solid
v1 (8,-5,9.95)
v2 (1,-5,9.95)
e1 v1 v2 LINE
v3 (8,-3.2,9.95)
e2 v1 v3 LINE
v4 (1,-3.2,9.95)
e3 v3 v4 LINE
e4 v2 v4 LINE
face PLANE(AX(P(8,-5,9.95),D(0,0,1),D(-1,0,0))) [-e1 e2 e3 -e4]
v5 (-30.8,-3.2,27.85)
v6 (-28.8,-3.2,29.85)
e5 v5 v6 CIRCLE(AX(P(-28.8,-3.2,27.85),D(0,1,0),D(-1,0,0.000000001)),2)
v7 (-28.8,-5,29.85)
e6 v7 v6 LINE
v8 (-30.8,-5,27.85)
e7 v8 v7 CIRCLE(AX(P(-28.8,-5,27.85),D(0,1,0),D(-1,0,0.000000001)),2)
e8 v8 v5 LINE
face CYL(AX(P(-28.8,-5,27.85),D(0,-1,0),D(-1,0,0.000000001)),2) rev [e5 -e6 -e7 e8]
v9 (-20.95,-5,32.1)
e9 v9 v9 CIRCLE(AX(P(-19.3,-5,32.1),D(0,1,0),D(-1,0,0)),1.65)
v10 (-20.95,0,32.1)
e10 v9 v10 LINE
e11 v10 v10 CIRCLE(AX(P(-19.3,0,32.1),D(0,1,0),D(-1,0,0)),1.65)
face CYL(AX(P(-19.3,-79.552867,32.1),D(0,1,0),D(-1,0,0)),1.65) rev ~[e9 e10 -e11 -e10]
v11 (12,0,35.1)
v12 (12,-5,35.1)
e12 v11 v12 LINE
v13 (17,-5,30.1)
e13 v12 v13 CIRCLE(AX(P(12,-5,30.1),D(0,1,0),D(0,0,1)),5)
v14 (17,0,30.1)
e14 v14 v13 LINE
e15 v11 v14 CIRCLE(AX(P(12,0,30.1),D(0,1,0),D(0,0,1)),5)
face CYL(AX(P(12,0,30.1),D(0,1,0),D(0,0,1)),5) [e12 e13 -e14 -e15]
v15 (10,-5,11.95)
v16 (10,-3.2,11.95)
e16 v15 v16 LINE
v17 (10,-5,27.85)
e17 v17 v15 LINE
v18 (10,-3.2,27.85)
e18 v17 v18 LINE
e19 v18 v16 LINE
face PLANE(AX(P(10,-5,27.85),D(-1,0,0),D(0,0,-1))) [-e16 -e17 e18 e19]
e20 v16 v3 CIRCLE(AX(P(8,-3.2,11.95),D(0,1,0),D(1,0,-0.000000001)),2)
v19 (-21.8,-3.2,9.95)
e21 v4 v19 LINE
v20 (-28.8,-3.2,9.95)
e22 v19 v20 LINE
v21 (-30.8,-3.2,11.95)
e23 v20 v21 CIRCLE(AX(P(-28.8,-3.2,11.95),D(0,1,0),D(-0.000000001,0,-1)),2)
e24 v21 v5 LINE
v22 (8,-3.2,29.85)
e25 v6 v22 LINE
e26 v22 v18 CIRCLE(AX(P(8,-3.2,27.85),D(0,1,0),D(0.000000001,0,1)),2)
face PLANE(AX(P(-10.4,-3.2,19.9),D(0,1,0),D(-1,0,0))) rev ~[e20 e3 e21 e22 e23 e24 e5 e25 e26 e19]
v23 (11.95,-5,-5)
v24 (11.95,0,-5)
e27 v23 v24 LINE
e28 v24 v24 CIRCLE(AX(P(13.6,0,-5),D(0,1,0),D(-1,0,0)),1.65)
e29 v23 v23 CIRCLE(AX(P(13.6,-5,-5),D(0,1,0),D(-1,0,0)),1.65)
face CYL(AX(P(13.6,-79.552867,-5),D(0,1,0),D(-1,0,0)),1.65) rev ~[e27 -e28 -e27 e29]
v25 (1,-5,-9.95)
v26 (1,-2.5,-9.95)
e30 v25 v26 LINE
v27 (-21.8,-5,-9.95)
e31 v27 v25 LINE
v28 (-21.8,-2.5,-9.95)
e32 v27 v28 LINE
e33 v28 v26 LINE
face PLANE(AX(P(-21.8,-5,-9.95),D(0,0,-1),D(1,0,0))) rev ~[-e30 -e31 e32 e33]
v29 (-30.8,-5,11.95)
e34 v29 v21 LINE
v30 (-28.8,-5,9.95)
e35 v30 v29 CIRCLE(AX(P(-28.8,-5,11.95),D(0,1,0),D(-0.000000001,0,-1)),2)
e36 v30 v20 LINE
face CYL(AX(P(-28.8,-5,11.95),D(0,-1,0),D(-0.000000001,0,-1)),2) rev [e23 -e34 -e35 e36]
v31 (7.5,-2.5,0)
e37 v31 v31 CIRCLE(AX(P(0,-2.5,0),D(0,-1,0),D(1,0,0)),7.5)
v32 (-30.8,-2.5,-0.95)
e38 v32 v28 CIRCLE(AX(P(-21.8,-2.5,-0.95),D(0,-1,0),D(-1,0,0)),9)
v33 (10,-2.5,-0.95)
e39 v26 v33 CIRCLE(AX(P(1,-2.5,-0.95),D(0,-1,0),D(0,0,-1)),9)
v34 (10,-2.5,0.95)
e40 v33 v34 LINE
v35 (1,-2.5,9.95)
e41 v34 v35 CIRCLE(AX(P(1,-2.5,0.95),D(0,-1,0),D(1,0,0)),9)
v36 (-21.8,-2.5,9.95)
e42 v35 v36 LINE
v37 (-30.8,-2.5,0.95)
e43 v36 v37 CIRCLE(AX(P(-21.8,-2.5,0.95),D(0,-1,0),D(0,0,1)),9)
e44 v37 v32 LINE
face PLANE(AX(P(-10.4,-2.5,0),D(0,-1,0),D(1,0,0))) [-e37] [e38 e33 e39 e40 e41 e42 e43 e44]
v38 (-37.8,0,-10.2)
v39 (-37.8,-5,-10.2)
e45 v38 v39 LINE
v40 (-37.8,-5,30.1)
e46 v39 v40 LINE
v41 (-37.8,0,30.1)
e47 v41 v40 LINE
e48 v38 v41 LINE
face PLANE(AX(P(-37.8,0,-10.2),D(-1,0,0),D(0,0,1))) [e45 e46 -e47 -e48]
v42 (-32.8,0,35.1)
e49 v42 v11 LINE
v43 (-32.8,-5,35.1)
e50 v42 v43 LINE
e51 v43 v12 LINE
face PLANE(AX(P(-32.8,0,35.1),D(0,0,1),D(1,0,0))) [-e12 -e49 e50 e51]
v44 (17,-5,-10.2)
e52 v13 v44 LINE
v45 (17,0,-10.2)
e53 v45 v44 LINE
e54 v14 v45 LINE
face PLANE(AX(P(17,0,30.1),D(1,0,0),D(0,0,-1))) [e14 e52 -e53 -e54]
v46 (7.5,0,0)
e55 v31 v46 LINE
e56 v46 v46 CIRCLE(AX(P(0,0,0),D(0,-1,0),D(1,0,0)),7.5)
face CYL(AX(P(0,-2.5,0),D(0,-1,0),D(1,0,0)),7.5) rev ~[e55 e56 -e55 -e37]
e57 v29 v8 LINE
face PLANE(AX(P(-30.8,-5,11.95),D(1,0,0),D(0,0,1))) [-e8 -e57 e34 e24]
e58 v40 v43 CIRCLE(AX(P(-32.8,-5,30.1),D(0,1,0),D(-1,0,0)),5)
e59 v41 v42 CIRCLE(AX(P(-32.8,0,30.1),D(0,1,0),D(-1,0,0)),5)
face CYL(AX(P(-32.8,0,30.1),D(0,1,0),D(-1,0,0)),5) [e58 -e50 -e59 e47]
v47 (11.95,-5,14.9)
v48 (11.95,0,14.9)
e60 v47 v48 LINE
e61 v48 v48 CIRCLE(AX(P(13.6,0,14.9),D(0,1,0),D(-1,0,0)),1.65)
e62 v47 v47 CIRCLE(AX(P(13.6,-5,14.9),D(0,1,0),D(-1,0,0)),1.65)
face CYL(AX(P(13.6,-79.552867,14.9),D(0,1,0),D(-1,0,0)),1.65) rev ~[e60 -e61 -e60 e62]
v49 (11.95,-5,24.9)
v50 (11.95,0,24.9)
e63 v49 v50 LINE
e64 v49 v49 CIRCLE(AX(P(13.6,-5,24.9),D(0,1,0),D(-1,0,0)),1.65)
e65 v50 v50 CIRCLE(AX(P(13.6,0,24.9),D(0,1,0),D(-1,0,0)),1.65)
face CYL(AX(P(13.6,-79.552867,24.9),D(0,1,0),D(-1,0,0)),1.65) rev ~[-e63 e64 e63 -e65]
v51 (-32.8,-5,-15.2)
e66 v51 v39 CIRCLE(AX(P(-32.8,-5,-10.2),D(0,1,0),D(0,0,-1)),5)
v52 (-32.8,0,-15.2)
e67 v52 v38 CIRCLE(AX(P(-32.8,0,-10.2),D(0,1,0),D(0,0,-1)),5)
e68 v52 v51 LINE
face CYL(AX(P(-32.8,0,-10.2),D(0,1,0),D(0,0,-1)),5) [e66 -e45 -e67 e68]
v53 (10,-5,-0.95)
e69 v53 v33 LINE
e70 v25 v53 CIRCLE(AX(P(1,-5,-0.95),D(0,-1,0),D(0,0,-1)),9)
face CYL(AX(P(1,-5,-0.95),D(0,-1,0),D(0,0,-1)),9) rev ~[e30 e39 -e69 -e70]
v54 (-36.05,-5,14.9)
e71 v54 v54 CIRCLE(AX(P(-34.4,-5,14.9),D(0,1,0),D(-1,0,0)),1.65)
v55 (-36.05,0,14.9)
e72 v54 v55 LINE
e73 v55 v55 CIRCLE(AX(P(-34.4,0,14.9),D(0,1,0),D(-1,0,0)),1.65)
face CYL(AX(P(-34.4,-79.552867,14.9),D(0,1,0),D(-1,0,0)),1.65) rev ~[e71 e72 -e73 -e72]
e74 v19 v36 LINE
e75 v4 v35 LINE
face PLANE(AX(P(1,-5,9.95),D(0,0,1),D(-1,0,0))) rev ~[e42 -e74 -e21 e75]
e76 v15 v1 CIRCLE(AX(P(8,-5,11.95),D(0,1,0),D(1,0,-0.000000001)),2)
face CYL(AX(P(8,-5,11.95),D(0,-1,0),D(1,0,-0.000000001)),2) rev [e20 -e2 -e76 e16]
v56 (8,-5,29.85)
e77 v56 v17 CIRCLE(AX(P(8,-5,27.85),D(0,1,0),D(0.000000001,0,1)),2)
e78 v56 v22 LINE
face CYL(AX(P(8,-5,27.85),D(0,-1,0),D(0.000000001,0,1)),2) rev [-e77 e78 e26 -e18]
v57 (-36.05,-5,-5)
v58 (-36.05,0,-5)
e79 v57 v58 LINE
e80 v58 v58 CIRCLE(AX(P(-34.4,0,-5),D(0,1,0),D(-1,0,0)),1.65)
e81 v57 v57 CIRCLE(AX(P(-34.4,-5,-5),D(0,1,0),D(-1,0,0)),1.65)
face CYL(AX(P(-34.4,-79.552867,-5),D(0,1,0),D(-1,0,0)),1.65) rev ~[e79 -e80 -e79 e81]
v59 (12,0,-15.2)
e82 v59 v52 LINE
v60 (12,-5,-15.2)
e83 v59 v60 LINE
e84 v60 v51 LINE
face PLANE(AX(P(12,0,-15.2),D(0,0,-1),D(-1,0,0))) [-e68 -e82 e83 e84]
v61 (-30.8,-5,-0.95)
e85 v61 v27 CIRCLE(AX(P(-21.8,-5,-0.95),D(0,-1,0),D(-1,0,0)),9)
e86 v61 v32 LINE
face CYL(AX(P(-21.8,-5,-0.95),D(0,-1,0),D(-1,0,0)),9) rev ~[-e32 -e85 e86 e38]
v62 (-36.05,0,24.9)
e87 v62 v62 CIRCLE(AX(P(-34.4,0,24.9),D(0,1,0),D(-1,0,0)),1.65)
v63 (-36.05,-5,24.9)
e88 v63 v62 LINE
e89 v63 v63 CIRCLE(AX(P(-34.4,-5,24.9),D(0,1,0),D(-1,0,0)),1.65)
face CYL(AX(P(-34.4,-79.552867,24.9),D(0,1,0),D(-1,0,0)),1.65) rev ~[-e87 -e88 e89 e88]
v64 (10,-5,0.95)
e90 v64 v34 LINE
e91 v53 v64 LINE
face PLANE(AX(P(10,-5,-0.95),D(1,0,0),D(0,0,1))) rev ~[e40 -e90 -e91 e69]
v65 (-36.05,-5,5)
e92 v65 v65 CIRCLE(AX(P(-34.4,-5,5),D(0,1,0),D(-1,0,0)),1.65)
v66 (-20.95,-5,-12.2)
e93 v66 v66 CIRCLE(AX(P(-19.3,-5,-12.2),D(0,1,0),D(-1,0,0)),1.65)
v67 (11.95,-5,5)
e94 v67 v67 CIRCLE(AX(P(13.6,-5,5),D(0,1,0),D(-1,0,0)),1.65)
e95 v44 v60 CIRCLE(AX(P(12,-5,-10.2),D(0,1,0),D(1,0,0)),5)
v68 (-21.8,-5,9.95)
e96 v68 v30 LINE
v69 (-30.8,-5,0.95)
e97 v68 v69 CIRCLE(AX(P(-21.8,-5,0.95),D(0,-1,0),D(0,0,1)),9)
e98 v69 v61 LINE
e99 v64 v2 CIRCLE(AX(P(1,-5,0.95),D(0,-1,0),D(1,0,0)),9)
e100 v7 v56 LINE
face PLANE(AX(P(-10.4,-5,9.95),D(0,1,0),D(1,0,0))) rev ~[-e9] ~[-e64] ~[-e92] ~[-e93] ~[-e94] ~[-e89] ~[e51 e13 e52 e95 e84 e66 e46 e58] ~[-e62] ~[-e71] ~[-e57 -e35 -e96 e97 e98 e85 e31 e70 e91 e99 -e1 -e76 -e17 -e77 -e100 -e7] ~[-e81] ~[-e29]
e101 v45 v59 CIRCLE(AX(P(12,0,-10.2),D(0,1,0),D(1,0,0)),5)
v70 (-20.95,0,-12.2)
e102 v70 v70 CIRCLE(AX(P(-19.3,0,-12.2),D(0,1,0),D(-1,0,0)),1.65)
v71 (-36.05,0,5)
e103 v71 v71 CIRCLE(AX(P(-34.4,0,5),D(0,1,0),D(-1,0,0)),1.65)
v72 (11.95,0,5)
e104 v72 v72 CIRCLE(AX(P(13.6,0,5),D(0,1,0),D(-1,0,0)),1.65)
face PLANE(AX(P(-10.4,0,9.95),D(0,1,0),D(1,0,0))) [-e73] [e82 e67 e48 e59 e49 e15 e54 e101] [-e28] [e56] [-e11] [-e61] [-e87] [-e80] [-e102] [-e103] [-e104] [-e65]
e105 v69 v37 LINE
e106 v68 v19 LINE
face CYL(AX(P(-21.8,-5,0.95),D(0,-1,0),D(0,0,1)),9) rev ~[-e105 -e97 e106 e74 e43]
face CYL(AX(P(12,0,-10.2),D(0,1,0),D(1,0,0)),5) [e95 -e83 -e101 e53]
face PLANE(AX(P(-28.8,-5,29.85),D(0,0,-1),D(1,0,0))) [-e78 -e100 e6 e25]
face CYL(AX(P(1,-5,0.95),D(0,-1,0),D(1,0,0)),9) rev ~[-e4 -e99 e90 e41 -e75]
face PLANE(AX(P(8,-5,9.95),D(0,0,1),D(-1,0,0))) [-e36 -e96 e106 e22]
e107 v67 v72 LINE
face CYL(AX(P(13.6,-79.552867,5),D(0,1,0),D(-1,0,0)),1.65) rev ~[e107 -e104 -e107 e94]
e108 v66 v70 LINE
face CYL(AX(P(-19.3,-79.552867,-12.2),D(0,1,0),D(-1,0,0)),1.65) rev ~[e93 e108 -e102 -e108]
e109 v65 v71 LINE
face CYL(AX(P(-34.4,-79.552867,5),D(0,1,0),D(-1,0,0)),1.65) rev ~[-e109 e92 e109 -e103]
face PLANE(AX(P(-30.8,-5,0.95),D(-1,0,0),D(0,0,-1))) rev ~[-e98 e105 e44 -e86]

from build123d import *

# Parameters (mm, degrees)
EXTRUSION1_DEPTH        = 5
ENL_V_MAT_EXTRU_2_DEPTH = 2.5
ENL_V_MAT_EXTRU_4_DEPTH = 1.8
ESQUISSE7_R             = 7.5
ENL_V_MAT_EXTRU_3_DEPTH = 52.643973511
TROU_TARAUD_M4X0_71_D   = 3.3


with BuildPart() as part:
    # Esquisse1 → Extrusion1 (new body)
    with BuildSketch(Plane(origin=(0, 0, 0), x_dir=(1, 0, 0), z_dir=(0, 1, 0))):
        with BuildLine():
            Line((-32.8, -35.1), (12, -35.1))
            ThreePointArc((12, -35.1), (15.535533906, -33.635533906), (17, -30.1))
            Line((17, -30.1), (17, 10.2))
            ThreePointArc((17, 10.2), (15.535533906, 13.735533906), (12, 15.2))
            Line((12, 15.2), (-32.8, 15.2))
            ThreePointArc((-32.8, 15.2), (-36.335533906, 13.735533906), (-37.8, 10.2))
            Line((-37.8, 10.2), (-37.8, -30.1))
            ThreePointArc((-37.8, -30.1), (-36.335533906, -33.635533906), (-32.8, -35.1))
        make_face()
    extrude(amount=-EXTRUSION1_DEPTH)

    # Esquisse6 → Enlèv. mat.-Extru.2 (cut)
    with BuildSketch(Plane.XZ.offset(5)):
        with BuildLine():
            Line((1, 9.95), (-21.8, 9.95))
            ThreePointArc((-21.8, 9.95), (-28.163961031, 7.313961031), (-30.8, 0.95))
            Line((-30.8, 0.95), (-30.8, -0.95))
            ThreePointArc((-30.8, -0.95), (-28.163961031, -7.313961031), (-21.8, -9.95))
            Line((-21.8, -9.95), (1, -9.95))
            ThreePointArc((1, -9.95), (7.363961031, -7.313961031), (10, -0.95))
            Line((10, -0.95), (10, 0.95))
            ThreePointArc((10, 0.95), (7.363961031, 7.313961031), (1, 9.95))
        make_face()
    extrude(amount=-ENL_V_MAT_EXTRU_2_DEPTH, mode=Mode.SUBTRACT)

    # Esquisse10 → Enlèv. mat.-Extru.4 (cut)
    with BuildSketch(Plane.XZ.offset(5)):
        with BuildLine():
            Line((8, 9.95), (-28.8, 9.95))
            ThreePointArc((-28.8, 9.95), (-30.214213562, 10.535786438), (-30.8, 11.95))
            Line((-30.8, 11.95), (-30.8, 27.85))
            ThreePointArc((-30.8, 27.85), (-30.214213562, 29.264213562), (-28.8, 29.85))
            Line((-28.8, 29.85), (8, 29.85))
            ThreePointArc((8, 29.85), (9.414213562, 29.264213562), (10, 27.85))
            Line((10, 27.85), (10, 11.95))
            ThreePointArc((10, 11.95), (9.414213562, 10.535786438), (8, 9.95))
        make_face()
    extrude(amount=-ENL_V_MAT_EXTRU_4_DEPTH, mode=Mode.SUBTRACT)

    # Esquisse7 → Enlèv. mat.-Extru.3 (cut, through all)
    with BuildSketch(Plane.XZ.offset(2.5)):
        Circle(ESQUISSE7_R)
    extrude(amount=-ENL_V_MAT_EXTRU_3_DEPTH, mode=Mode.SUBTRACT)

    # Trou taraudé M4x0.71 (through all)
    with Locations(Plane.XZ.offset(5)):
        with Locations((-34.4, 5), (-34.4, -5), (13.6, 5), (13.6, -5), (-19.3, -12.2), (-19.3, 32.1), (13.6, 24.9), (13.6, 14.9), (-34.4, 14.9), (-34.4, 24.9)):
            Hole(TROU_TARAUD_M4X0_71_D / 2)


solid = part.part
